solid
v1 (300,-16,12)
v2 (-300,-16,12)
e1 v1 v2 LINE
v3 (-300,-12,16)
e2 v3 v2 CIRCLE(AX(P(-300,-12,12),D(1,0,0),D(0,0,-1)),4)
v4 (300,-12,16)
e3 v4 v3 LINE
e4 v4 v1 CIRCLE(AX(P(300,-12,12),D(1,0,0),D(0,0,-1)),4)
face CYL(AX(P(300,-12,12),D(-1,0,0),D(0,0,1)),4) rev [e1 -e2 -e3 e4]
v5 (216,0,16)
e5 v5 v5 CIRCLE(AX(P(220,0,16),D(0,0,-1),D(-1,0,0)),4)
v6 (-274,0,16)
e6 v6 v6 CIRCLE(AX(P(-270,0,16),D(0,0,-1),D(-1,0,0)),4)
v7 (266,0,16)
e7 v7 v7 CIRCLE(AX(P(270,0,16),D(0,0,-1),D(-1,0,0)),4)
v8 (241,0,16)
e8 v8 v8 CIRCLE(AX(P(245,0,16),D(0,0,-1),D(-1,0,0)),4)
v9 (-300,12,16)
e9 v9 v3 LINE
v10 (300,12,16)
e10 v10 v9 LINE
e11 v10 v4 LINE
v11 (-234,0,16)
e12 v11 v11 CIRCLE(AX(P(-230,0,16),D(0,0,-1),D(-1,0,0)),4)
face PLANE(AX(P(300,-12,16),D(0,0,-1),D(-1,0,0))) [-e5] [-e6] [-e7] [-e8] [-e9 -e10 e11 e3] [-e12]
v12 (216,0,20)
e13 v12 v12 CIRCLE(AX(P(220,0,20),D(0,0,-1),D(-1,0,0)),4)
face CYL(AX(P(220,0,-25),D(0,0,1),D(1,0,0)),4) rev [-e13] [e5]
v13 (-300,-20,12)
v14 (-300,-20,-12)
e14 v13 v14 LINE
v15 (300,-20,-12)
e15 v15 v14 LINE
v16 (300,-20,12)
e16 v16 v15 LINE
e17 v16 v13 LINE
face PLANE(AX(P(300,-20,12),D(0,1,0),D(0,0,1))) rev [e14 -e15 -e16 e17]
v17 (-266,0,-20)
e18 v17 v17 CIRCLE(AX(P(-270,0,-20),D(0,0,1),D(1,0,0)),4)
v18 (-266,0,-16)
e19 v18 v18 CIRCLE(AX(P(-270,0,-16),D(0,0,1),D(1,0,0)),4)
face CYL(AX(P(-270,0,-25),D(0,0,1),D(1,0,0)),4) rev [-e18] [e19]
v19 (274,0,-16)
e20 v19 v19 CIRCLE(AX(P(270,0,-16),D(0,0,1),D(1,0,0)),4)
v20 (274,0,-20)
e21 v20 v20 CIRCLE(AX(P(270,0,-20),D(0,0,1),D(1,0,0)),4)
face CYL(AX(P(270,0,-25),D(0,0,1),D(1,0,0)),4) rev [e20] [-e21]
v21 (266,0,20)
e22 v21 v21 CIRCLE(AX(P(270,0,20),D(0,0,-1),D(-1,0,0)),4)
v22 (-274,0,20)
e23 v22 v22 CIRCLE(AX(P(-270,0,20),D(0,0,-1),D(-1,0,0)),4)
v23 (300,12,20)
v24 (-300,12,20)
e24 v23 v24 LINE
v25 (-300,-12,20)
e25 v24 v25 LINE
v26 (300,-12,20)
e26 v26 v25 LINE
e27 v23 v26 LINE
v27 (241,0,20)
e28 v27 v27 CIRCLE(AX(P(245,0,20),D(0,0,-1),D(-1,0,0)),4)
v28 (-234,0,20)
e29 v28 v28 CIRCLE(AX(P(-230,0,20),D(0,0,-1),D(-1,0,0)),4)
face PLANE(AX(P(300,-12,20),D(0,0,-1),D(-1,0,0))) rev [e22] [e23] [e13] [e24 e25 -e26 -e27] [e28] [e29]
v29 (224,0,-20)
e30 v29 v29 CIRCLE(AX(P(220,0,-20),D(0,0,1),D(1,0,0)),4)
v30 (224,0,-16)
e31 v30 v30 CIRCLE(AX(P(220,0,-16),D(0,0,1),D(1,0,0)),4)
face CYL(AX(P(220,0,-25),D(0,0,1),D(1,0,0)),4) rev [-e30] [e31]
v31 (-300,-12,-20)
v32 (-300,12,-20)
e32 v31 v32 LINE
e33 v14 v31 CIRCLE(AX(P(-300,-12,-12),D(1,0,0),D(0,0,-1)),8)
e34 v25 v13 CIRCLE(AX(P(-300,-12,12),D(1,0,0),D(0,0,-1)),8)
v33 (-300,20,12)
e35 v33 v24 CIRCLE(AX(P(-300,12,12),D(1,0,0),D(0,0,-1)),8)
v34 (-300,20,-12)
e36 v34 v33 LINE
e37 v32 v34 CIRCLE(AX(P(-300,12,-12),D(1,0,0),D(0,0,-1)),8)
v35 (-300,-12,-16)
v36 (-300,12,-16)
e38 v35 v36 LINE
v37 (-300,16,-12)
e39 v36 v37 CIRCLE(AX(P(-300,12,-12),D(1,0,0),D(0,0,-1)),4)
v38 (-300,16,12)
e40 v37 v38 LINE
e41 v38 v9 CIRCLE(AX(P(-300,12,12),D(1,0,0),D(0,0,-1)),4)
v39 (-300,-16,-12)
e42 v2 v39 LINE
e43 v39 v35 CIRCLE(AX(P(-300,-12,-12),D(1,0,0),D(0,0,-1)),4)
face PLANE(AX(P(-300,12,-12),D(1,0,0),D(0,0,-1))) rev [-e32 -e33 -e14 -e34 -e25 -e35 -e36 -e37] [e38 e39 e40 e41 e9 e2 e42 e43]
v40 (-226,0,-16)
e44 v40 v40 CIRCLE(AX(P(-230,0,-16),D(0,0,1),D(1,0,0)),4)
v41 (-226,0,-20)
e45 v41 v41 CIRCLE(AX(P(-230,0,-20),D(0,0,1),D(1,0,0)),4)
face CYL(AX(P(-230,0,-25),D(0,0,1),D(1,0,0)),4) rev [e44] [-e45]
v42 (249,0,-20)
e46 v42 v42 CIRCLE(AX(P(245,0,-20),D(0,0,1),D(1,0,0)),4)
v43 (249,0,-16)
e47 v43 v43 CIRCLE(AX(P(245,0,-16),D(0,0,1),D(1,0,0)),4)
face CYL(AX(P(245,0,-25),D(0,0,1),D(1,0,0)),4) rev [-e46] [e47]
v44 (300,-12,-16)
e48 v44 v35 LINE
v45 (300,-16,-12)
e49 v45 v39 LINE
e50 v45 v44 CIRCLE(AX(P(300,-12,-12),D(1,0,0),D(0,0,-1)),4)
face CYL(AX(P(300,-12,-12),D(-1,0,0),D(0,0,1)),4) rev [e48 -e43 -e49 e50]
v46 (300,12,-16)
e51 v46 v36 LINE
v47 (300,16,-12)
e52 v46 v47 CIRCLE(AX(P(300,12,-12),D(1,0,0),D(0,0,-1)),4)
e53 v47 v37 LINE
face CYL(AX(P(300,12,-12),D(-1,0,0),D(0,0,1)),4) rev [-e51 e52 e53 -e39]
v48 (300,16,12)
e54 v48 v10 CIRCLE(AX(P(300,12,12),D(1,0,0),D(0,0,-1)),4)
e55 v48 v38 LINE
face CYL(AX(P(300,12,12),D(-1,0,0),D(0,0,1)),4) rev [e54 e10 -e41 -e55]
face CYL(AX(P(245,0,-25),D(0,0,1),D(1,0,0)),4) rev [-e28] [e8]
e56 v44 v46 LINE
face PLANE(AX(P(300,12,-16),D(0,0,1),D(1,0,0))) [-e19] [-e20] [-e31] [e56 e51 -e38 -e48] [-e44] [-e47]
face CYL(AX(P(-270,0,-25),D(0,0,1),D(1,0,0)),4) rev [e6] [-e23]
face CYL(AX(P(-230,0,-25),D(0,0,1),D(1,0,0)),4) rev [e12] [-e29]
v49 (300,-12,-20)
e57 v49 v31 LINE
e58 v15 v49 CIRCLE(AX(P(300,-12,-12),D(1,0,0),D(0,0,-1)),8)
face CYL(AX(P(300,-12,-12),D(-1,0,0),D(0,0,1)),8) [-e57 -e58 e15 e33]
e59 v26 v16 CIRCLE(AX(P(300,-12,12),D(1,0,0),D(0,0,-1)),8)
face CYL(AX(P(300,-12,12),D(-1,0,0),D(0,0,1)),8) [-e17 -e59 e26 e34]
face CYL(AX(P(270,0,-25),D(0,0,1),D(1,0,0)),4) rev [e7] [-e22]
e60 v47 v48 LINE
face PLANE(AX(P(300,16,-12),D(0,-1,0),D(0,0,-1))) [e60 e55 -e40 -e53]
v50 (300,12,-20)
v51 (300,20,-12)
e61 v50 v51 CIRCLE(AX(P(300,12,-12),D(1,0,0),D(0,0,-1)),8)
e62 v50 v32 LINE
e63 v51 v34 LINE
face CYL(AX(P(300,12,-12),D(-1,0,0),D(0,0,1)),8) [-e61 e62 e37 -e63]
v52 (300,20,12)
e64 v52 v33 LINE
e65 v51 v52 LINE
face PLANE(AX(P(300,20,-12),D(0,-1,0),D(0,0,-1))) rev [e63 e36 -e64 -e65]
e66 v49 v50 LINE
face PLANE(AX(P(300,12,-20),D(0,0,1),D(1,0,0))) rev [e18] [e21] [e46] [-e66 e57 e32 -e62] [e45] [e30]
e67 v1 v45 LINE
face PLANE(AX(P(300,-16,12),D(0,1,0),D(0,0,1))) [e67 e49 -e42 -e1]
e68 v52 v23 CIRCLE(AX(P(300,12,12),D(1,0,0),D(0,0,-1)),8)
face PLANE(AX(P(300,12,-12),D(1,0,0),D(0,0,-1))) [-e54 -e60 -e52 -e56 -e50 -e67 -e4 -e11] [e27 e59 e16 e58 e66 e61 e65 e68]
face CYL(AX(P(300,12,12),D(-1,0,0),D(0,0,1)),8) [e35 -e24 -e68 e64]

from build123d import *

# Parameters (mm, degrees)
TUBO_CUADRADO_40_X_40_X_4_1_DEPTH = 600
CROQUIS3_R                        = 4
CORTAR_EXTRUIR1_DEPTH             = 25


with BuildPart() as part:
    # Sketch1 → Tubo cuadrado 40 X 40 X 4(1) (new body)
    with BuildSketch(Plane(origin=(-300, 0, 0), x_dir=(0, 0, -1), z_dir=(1, 0, 0))):
        with BuildLine():
            Line((-12, -20), (12, -20))
            ThreePointArc((12, -20), (17.656854249, -17.656854249), (20, -12))
            Line((20, -12), (20, 12))
            ThreePointArc((20, 12), (17.656854249, 17.656854249), (12, 20))
            Line((12, 20), (-12, 20))
            ThreePointArc((-12, 20), (-17.656854249, 17.656854249), (-20, 12))
            Line((-20, 12), (-20, -12))
            ThreePointArc((-20, -12), (-17.656854249, -17.656854249), (-12, -20))
        make_face()
        with BuildLine():
            Line((-12, -16), (12, -16))
            ThreePointArc((12, -16), (14.828427125, -14.828427125), (16, -12))
            Line((16, -12), (16, 12))
            ThreePointArc((16, 12), (14.828427125, 14.828427125), (12, 16))
            Line((12, 16), (-12, 16))
            ThreePointArc((-12, 16), (-14.828427125, 14.828427125), (-16, 12))
            Line((-16, 12), (-16, -12))
            ThreePointArc((-16, -12), (-14.828427125, -14.828427125), (-12, -16))
        make_face(mode=Mode.SUBTRACT)
    extrude(amount=TUBO_CUADRADO_40_X_40_X_4_1_DEPTH)

    # Croquis3 → Cortar-Extruir1 (cut, symmetric)
    with BuildSketch(Plane.XY):
        with Locations((-270, 0)):
            Circle(CROQUIS3_R)
        with Locations((-230, 0)):
            Circle(CROQUIS3_R)
        with Locations((220, 0)):
            Circle(CROQUIS3_R)
        with Locations((245, 0)):
            Circle(CROQUIS3_R)
        with Locations((270, 0)):
            Circle(CROQUIS3_R)
    extrude(amount=CORTAR_EXTRUIR1_DEPTH, both=True, mode=Mode.SUBTRACT)


solid = part.part
